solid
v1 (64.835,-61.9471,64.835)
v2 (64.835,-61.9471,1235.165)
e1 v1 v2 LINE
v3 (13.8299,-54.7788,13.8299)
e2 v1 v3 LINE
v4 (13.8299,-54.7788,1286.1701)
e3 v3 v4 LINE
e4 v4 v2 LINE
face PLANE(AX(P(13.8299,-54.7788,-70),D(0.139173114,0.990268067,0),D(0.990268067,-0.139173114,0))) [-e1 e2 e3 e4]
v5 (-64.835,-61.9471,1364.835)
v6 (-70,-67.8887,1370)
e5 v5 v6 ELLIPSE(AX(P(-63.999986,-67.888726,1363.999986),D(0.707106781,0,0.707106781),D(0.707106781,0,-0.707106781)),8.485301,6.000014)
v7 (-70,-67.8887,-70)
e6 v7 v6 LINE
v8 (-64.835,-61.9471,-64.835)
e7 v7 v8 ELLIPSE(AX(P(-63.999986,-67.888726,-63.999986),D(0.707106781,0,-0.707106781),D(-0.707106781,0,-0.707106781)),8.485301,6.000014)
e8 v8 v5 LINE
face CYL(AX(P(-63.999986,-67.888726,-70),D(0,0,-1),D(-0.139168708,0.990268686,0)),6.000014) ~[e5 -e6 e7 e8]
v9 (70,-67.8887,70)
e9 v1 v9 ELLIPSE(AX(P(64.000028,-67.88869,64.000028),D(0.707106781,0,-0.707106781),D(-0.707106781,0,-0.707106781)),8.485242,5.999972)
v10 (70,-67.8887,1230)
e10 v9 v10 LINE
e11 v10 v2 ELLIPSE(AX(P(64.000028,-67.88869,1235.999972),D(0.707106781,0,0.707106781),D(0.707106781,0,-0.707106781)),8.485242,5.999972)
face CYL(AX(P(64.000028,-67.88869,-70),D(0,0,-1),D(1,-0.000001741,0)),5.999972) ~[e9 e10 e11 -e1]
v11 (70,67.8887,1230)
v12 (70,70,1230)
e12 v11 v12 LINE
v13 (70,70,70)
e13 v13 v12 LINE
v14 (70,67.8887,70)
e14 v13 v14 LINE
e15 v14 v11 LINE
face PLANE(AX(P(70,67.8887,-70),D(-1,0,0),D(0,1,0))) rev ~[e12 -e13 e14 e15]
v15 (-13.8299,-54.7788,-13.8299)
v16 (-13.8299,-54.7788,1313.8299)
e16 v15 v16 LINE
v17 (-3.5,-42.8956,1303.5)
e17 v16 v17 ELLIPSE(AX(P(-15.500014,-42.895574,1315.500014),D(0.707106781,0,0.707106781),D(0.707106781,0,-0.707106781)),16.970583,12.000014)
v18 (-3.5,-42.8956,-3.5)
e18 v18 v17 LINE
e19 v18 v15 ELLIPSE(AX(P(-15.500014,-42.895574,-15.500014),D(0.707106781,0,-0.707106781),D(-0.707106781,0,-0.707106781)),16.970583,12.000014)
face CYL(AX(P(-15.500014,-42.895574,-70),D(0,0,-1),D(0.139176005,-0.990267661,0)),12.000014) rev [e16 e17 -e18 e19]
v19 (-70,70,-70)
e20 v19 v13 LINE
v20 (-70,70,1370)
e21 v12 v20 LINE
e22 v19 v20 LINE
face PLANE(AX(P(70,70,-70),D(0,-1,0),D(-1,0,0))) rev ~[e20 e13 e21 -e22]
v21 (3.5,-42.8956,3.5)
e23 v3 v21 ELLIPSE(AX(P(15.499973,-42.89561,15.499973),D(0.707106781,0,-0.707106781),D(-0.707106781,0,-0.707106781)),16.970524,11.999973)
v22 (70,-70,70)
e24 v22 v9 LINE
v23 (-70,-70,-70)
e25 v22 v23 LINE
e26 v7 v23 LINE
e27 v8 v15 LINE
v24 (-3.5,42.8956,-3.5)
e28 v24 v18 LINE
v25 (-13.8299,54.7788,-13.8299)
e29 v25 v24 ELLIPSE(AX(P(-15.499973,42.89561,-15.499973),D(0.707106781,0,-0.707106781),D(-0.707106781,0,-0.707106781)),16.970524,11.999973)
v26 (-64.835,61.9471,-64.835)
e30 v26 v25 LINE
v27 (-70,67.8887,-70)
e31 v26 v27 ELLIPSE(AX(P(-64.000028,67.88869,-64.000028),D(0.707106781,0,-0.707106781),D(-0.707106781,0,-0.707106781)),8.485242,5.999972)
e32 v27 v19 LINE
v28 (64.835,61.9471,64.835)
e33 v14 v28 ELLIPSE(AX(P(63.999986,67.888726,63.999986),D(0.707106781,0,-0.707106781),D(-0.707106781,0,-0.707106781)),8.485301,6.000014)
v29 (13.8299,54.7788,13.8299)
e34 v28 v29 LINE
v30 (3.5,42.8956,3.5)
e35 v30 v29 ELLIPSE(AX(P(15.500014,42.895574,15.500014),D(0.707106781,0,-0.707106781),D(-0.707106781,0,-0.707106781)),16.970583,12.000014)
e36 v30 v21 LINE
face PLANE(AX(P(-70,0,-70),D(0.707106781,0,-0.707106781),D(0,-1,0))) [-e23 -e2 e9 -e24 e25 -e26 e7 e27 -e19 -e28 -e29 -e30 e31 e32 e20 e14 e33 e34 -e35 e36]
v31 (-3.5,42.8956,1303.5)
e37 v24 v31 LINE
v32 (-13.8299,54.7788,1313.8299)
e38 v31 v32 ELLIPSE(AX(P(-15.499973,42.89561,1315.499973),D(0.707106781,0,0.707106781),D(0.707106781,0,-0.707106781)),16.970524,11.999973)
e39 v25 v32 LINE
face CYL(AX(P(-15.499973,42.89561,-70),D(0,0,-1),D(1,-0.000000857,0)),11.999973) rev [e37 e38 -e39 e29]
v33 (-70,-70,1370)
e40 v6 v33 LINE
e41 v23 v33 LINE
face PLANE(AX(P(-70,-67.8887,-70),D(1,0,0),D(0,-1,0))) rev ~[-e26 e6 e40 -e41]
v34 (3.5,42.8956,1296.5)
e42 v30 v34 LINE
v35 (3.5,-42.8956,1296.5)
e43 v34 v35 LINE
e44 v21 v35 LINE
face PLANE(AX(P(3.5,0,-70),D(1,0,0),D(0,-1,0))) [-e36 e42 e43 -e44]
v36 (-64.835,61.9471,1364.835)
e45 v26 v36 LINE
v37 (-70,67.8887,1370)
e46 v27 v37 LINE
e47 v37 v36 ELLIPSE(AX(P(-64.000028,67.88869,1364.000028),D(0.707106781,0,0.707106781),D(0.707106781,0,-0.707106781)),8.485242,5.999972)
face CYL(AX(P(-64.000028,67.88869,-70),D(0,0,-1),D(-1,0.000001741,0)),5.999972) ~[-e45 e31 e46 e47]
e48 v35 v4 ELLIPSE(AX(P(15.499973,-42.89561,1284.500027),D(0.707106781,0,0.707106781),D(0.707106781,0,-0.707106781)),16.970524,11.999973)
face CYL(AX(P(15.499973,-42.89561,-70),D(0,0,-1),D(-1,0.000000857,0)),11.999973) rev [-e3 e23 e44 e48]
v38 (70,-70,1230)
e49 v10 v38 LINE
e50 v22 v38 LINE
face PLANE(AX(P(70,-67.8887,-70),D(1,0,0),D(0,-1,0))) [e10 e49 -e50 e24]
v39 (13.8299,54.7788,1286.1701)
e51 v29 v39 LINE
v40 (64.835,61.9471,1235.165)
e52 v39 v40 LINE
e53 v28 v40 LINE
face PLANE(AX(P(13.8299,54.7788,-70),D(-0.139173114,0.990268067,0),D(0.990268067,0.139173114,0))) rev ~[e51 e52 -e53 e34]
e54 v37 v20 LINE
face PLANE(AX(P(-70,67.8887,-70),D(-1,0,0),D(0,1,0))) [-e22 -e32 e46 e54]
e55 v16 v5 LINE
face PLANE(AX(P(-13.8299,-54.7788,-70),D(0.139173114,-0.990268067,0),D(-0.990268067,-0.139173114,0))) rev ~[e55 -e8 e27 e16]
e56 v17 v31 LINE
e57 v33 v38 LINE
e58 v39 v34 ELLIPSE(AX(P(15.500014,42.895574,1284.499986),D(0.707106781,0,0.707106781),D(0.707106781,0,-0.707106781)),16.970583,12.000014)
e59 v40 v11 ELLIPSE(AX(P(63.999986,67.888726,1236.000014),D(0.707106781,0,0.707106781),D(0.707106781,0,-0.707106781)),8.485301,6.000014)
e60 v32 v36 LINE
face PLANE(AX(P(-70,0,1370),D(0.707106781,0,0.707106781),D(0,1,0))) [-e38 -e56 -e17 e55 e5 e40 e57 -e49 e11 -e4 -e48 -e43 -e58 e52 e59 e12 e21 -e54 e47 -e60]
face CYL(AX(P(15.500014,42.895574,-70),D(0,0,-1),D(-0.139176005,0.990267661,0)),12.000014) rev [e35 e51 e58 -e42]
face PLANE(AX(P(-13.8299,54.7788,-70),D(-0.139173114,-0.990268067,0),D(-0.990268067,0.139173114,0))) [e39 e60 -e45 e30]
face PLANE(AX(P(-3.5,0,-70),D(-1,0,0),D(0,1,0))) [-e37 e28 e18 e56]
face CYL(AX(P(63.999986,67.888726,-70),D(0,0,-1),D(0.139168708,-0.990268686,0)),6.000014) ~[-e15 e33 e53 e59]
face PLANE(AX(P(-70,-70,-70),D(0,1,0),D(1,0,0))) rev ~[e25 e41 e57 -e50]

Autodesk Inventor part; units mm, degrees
ref_plane "Начальная плоскость" through (0, 0, -70) normal (0, 0, 1) x (1, 0, 0)
ref_plane "Конечная плоскость" through (0, 0, 1370) normal (0, 0, 1) x (1, 0, 0)
sketch "Эскиз" plane through (0, 0, 0) normal (0, 0, 1) x (1, 0, 0)
  line L0 (-3.5, 0) -> (-3.5, -42.8956)
  line L1 (-13.8299, -54.7788) -> (-64.835, -61.9471)
  line L2 (-70, -67.8887) -> (-70, -70)
  line L3 (-70, -70) -> (0, -70)
  line L4 (-36.75, -70) -> (-36.75, -58) construction
  line L5 (-61.3329, 0) -> (81.7772, 0) construction
  line L6 (0, 0) -> (0, -70) construction
  line L7 (0, -60) -> (0, 80) construction
  line L8 (3.5, 0) -> (3.5, -42.8956)
  line L9 (13.8299, -54.7788) -> (64.835, -61.9471)
  line L10 (70, -67.8887) -> (70, -70)
  line L11 (70, -70) -> (0, -70)
  line L12 (-3.5, 0) -> (0, 0) construction
  line L13 (-3.5, 0) -> (-3.5, 42.8956)
  line L14 (-13.8299, 54.7788) -> (-64.835, 61.9471)
  line L15 (-70, 67.8887) -> (-70, 70)
  line L16 (-70, 70) -> (0, 70)
  line L17 (3.5, 0) -> (3.5, 42.8956)
  line L18 (13.8299, 54.7788) -> (64.835, 61.9471)
  line L19 (70, 67.8887) -> (70, 70)
  line L20 (70, 70) -> (0, 70)
  arc A0 (-70, 67.8887) -> (-64.835, 61.9471) centre (-64, 67.8887) ccw
  arc A1 (64.835, 61.9471) -> (70, 67.8887) centre (64, 67.8887) ccw
  arc A2 (70, -67.8887) -> (64.835, -61.9471) centre (64, -67.8887) ccw
  arc A3 (-64.835, -61.9471) -> (-70, -67.8887) centre (-64, -67.8887) ccw
  arc A4 (-3.5, 42.8956) -> (-13.8299, 54.7788) centre (-15.5, 42.8956) ccw
  arc A5 (13.8299, 54.7788) -> (3.5, 42.8956) centre (15.5, 42.8956) ccw
  arc A6 (3.5, -42.8956) -> (13.8299, -54.7788) centre (15.5, -42.8956) ccw
  arc A7 (-13.8299, -54.7788) -> (-3.5, -42.8956) centre (-15.5, -42.8956) ccw
  line L21 (0, 110) -> (0, -100) construction
  line L22 (-101.6883, 0) -> (112.3548, 0) construction
  point P0 (-3.5, -53.327)
  point P1 (-70, -62.673)
  point P2 (3.5, -53.327)
  point P3 (70, -62.673)
  point P4 (36.75, -70)
  point P5 (36.75, -58)
  point P6 (-3.5, 53.327)
  point P7 (-70, 62.673)
  point P8 (-36.75, 70)
  point P9 (-36.75, 58)
  point P10 (3.5, 53.327)
  point P11 (70, 62.673)
  point P12 (36.75, 58)
  point P13 (36.75, 70)
  dimension "d1" = 12
  dimension "d2" = 33.25
  dimension "d3" = 3.5
  dimension "d4" = 70
  dimension "d9" = 70
  dimension "d14" = 98
  dimension "d15" = 6
  dimension "d16" = 12
extrude "Тело" add sketch "Эскиз" along normal up to surface (1440 mm away) from surface at -70
sketch "Sketch3" plane through (0, 0, 0) normal (0, 0, 1) x (1, 0, 0)
  line L0 (0, 0) -> (10, 0)
ref_plane "Work Plane3" through (0, 0, 0) normal (0, -1, 0) x (1, 0, 0)
sketch "Sketch4" plane through (0, 0, 0) normal (0, -1, 0) x (1, 0, 0)
  line L0 (-2, -70) -> (12, -70)
  line L1 (-2, 1370) -> (12, 1370)
  dimension "d20" = 1440
ref_plane "РабПлоскость4" through (-70, 0, -70) normal (0.7071, 0, -0.7071) x (-0.7071, 0, -0.7071)
split "Разделение1" plane through (-70, 0, -70) removes the side toward (0.7071, 0, -0.7071)
ref_plane "РабПлоскость5" through (-70, 0, 1370) normal (0.7071, 0, 0.7071) x (0.7071, 0, -0.7071)
split "Разделение2" plane through (-70, 0, 1370) removes the side toward (0.7071, 0, 0.7071)
equation "\"d1\" = G_T1"
equation "\"d2\" = -0.25 * G_T + 0.25 * G_W"
equation "\"d3\" = 0.5 * G_T"
equation "\"d4\" = 0.5 * G_W"
equation "\"d9\" = 0.5 * G_H"
equation "\"d14\" = G_NG"
equation "\"d15\" = G_ER"
equation "\"d16\" = G_IR"
equation "\"d5\" = G_L"
equation "\"G_T\" = 7"
equation "\"G_T1\" = 12"
equation "\"G_L\" = d20"
equation "\"G_ER\" = 6"
equation "\"G_IR\" = 12"
equation "\"G_NG\" = 98deg"
equation "\"G_W\" = 140"
equation "\"G_H\" = 140"
properties part number "ISO 657 16 - SC 140 - 1440" material "Сталь, мягкая"
